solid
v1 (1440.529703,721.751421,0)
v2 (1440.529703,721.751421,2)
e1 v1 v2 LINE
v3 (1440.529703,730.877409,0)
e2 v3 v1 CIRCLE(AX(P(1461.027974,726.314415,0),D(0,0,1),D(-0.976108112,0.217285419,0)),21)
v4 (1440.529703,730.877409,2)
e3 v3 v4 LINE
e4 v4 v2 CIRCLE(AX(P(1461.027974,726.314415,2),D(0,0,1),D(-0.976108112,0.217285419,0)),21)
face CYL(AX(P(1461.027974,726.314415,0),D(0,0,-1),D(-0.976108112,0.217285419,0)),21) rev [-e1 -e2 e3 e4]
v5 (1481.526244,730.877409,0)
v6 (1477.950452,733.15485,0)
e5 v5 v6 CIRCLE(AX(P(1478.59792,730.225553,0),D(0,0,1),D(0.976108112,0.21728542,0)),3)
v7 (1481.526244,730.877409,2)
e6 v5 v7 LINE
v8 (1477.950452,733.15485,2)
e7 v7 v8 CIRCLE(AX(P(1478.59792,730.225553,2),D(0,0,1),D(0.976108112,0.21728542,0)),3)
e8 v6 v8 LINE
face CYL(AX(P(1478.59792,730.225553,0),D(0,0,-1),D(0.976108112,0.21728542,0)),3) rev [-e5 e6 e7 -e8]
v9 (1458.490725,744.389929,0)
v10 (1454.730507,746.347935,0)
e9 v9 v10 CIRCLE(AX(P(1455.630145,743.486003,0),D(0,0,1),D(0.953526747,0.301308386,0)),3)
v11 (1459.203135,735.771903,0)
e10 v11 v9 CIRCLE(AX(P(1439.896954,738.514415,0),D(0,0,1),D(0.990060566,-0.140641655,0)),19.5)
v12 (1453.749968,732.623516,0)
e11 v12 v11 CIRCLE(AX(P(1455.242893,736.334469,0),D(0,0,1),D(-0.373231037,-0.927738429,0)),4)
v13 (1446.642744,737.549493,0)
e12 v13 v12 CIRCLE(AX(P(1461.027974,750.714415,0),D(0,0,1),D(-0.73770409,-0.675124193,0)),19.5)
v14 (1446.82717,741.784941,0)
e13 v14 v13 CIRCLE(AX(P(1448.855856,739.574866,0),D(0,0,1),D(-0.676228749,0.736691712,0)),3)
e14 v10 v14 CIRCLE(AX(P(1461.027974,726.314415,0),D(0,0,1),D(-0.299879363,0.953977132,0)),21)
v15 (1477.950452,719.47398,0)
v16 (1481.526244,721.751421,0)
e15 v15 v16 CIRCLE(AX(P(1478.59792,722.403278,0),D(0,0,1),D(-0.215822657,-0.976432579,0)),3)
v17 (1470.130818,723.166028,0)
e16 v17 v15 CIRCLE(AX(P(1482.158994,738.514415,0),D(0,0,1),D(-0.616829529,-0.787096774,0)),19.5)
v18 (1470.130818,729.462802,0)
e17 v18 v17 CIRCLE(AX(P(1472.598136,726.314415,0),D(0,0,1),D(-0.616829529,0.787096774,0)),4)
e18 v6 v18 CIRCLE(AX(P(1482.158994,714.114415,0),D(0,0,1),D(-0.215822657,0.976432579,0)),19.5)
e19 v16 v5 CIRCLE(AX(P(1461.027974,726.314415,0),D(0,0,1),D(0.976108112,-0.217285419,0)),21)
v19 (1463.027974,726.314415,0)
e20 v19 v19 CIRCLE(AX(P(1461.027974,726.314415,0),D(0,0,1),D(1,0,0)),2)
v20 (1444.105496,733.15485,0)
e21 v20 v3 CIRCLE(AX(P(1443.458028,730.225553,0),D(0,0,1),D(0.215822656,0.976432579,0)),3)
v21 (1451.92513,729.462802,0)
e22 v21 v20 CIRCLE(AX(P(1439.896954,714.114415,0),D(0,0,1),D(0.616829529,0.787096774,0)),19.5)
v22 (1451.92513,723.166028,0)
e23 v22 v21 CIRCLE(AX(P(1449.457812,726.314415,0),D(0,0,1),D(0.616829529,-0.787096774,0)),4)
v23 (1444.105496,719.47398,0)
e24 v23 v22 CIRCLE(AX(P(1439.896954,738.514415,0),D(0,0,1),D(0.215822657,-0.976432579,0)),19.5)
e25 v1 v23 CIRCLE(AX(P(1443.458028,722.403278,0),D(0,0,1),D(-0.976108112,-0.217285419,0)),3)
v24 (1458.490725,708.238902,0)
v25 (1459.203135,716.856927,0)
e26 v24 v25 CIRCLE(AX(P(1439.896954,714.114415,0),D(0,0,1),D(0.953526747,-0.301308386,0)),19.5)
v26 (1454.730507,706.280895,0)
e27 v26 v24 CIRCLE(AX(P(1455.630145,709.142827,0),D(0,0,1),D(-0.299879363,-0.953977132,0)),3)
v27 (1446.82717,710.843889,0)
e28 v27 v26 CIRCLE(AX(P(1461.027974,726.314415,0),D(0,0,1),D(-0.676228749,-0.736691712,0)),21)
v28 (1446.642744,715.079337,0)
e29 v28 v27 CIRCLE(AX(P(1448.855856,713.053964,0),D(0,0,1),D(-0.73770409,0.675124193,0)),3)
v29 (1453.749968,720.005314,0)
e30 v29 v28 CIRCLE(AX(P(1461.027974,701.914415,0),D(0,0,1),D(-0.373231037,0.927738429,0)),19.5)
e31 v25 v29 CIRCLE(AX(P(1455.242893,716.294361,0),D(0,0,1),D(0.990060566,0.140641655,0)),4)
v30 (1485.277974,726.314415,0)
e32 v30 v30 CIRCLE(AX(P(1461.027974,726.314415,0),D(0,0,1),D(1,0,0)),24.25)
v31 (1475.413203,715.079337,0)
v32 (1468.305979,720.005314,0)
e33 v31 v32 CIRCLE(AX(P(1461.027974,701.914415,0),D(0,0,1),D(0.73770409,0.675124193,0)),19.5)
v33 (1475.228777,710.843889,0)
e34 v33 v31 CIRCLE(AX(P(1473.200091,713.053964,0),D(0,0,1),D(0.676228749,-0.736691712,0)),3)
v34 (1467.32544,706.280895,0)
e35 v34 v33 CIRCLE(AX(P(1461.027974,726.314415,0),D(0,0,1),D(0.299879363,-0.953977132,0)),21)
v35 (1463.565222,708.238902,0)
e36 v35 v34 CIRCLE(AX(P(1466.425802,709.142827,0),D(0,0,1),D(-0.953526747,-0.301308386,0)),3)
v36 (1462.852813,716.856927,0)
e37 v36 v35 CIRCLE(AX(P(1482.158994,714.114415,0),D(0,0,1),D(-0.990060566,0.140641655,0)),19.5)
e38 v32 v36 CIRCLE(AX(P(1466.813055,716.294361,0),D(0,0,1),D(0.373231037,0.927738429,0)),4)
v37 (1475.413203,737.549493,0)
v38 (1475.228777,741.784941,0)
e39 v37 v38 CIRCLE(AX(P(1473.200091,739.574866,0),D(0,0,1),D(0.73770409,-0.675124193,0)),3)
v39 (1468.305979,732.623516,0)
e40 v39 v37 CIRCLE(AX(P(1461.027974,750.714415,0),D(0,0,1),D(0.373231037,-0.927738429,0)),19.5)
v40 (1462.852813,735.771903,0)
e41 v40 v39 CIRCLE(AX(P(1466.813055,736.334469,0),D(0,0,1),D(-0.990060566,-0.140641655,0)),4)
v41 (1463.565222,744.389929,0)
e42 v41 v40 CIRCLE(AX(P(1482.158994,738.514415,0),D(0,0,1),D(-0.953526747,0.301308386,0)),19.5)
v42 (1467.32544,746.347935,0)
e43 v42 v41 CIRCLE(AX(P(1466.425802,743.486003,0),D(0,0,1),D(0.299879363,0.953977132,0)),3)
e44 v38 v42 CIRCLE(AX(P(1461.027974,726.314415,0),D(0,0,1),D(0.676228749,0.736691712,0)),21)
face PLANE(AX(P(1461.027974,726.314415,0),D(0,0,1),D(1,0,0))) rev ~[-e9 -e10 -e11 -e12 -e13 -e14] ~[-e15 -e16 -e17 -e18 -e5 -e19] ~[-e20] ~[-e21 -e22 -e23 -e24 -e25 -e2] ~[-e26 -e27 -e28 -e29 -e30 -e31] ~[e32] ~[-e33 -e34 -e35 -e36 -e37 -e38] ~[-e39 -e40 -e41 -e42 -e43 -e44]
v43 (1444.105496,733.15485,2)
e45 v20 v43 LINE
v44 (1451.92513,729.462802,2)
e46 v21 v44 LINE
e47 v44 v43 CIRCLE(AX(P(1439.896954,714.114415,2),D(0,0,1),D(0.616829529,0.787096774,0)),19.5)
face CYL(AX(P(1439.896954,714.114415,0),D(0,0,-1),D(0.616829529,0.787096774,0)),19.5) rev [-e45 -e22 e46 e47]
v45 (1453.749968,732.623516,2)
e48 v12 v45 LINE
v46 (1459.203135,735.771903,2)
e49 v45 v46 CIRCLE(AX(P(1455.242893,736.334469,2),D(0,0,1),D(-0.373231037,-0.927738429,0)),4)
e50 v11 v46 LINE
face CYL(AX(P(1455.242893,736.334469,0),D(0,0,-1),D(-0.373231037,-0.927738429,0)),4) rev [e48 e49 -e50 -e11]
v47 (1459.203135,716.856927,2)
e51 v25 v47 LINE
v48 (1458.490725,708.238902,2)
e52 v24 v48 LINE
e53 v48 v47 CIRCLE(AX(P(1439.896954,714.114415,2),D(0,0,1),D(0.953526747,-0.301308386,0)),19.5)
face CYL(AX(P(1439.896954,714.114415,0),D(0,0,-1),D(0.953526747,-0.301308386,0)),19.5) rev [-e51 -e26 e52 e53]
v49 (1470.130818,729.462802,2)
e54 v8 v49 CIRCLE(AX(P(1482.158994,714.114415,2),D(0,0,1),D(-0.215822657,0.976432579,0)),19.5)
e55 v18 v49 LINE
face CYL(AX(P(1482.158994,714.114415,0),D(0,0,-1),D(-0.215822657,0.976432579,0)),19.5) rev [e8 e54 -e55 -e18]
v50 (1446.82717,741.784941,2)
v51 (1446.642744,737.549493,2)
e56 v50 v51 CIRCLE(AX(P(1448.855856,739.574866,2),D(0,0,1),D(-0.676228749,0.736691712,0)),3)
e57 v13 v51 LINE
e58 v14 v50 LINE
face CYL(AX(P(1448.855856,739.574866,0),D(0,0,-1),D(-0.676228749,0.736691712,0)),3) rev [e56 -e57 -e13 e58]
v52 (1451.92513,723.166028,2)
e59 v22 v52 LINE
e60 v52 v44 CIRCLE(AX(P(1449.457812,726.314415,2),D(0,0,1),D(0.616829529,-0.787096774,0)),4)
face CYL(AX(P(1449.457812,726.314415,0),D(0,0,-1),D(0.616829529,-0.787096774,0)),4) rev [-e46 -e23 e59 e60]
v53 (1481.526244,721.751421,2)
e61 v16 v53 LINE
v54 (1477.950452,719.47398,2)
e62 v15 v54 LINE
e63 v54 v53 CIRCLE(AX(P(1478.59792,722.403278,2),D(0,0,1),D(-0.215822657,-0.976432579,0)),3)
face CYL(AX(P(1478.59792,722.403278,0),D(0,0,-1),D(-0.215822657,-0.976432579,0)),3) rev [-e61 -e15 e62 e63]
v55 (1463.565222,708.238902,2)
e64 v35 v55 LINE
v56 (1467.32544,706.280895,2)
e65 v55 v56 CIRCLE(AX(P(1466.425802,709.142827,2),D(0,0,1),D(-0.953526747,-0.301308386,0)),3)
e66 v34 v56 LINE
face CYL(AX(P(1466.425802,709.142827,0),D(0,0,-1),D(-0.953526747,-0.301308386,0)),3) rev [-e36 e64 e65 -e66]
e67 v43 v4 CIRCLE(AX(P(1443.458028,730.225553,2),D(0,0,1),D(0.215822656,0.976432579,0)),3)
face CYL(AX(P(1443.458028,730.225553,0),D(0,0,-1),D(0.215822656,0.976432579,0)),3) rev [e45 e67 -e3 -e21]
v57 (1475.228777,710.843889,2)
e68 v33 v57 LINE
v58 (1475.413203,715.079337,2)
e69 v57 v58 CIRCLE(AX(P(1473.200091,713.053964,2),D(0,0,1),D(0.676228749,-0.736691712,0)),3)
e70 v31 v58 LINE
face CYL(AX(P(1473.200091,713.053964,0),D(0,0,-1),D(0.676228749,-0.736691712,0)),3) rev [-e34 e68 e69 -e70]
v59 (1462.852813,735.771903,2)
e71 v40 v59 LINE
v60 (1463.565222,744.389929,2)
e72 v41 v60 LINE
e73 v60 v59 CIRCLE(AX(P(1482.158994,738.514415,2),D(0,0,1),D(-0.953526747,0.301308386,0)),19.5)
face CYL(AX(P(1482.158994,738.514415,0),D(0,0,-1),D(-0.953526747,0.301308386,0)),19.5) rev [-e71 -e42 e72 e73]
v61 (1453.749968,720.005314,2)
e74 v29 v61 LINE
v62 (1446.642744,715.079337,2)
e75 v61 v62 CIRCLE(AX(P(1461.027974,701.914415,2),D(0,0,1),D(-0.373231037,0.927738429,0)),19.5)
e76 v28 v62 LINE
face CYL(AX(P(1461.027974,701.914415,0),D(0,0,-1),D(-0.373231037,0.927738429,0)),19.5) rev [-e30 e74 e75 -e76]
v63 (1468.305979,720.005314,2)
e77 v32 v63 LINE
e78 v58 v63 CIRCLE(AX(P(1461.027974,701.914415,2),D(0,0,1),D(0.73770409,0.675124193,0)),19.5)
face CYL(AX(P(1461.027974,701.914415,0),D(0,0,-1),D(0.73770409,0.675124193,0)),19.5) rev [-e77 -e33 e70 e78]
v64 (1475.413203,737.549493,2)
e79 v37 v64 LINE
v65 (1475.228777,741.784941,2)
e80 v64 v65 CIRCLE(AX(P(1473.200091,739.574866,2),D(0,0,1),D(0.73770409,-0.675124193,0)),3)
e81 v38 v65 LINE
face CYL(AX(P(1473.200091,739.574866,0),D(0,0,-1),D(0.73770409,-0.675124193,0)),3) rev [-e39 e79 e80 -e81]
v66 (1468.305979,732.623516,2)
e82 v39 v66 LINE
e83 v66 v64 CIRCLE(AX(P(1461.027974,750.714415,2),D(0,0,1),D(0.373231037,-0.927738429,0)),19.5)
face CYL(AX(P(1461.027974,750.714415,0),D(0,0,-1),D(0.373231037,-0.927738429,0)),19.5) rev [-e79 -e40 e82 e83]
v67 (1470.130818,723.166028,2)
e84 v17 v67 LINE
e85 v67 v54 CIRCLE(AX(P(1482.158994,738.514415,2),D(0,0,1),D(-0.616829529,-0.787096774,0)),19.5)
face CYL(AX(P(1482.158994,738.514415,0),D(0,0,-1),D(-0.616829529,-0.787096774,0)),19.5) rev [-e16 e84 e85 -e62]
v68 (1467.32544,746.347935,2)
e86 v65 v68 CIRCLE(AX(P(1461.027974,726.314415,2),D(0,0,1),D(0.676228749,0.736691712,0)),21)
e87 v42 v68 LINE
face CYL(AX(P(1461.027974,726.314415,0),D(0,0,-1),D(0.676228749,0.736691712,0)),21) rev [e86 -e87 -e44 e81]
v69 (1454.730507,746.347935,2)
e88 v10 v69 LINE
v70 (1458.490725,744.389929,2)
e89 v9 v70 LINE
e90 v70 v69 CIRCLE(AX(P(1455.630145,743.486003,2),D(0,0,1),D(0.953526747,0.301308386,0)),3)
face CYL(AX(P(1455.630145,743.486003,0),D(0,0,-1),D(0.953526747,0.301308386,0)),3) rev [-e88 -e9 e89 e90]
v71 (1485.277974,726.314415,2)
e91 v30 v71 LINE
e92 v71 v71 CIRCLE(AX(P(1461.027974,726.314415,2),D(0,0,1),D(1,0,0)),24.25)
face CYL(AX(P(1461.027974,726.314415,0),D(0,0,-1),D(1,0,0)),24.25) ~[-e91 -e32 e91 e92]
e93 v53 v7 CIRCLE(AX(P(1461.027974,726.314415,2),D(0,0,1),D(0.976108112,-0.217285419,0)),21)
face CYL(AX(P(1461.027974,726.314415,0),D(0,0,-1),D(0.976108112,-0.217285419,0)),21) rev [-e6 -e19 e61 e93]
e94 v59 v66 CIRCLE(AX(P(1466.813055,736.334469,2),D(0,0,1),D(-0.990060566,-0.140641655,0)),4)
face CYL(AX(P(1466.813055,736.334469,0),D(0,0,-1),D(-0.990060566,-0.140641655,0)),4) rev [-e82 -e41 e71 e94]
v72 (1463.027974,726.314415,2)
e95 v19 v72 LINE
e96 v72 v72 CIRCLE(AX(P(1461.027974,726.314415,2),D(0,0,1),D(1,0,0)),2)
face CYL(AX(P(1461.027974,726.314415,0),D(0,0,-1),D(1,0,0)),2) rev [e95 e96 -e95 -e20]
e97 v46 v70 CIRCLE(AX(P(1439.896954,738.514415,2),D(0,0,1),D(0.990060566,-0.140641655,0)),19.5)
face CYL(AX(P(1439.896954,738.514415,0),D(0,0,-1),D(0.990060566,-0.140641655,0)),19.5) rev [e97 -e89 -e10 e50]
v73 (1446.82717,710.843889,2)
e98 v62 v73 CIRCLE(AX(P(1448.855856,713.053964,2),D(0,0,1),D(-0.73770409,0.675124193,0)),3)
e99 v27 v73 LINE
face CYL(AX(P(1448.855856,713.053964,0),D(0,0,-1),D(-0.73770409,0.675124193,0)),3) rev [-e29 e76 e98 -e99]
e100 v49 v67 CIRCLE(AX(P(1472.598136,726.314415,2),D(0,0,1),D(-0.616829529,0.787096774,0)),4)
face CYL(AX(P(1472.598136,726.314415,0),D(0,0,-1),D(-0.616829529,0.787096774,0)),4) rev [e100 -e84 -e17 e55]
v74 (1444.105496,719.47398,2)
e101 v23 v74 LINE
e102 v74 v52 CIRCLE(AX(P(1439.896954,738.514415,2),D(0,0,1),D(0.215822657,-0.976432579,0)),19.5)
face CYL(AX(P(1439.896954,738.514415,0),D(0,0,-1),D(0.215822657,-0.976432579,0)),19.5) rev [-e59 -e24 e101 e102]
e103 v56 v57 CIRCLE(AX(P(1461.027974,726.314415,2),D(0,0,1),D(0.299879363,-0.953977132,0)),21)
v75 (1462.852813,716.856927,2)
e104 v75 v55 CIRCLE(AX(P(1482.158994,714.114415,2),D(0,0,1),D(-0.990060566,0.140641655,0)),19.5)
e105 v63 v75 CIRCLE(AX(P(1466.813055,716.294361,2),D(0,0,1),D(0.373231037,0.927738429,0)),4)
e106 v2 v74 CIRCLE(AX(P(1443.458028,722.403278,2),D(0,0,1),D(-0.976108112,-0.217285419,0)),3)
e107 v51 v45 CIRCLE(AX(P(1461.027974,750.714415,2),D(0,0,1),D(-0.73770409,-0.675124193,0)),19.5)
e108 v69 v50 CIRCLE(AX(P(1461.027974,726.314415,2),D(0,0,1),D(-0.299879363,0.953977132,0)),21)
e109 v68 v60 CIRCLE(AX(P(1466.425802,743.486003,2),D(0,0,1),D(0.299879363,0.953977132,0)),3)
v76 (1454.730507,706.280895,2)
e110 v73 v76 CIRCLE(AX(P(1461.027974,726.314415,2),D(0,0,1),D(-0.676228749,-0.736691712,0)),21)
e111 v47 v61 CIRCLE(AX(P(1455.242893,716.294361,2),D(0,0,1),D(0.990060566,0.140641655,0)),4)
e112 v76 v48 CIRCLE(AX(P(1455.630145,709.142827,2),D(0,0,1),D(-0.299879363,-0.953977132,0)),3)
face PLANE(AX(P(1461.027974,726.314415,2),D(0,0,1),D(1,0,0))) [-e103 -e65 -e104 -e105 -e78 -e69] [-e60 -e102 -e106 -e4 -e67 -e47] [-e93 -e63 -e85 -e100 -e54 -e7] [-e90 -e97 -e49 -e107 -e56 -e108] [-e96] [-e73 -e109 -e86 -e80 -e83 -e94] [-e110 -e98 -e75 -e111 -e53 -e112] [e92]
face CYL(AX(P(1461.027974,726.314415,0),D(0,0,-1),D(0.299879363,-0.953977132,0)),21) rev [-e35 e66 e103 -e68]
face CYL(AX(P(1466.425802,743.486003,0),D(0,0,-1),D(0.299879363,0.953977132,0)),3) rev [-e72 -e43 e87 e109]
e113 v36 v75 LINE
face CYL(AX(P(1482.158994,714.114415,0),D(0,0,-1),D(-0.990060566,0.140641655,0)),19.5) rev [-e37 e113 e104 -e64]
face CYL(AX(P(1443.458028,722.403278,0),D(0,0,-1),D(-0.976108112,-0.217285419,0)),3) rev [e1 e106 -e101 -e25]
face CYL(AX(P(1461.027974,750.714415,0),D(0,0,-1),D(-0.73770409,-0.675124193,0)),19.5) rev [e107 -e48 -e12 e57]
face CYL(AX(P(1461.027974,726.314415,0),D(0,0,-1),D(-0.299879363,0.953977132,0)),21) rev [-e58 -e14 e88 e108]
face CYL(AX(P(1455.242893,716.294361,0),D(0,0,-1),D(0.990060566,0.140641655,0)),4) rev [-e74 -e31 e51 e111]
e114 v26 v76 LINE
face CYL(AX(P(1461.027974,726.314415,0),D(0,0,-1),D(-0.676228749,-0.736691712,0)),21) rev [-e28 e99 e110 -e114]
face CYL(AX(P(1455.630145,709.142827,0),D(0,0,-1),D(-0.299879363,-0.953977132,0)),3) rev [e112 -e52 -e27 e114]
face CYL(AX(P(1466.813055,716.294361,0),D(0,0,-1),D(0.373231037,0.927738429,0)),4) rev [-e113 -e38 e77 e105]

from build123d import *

# Parameters (mm, degrees)
MODEL_R         = 24.25
MODEL_R_2       = 2
EXTRUDE_1_DEPTH = 2


with BuildPart() as part:
    # Model → 凸台-拉伸1 (new body)
    with BuildSketch(Plane.XY):
        with Locations((1461.027973693, 726.314415121)):
            Circle(MODEL_R)
        with Locations((1461.027973693, 726.314415121)):
            Circle(MODEL_R_2, mode=Mode.SUBTRACT)
        with BuildLine():
            ThreePointArc((1454.730507071, 746.347934885), (1450.527973693, 744.5009486), (1446.827169961, 741.784941077))
            ThreePointArc((1446.827169961, 741.784941077), (1445.858696219, 739.705372638), (1446.642743938, 737.549493362))
            ThreePointArc((1446.642743938, 737.549493362), (1449.919857233, 734.687570493), (1453.749968469, 732.623515752))
            ThreePointArc((1453.749968469, 732.623515752), (1457.242892618, 732.870367853), (1459.203134883, 735.771902849))
            ThreePointArc((1459.203134883, 735.771902849), (1459.33066666, 740.120903849), (1458.490725399, 744.389928648))
            ThreePointArc((1458.490725399, 744.389928648), (1457.015703038, 746.146873529), (1454.730507071, 746.347934885))
        make_face(mode=Mode.SUBTRACT)
        with BuildLine():
            ThreePointArc((1440.529703339, 730.877408929), (1440.027973693, 726.314415121), (1440.529703339, 721.751421313))
            ThreePointArc((1440.529703339, 721.751421313), (1441.846425564, 719.87291423), (1444.105495645, 719.473979835))
            ThreePointArc((1444.105495645, 719.473979835), (1448.222550201, 720.881081765), (1451.925129659, 723.166028024))
            ThreePointArc((1451.925129659, 723.166028024), (1453.457811542, 726.314415121), (1451.925129659, 729.462802217))
            ThreePointArc((1451.925129659, 729.462802217), (1448.222550201, 731.747748477), (1444.105495645, 733.154850407))
            ThreePointArc((1444.105495645, 733.154850407), (1441.846425564, 732.755916011), (1440.529703339, 730.877408929))
        make_face(mode=Mode.SUBTRACT)
        with BuildLine():
            ThreePointArc((1446.827169961, 710.843889164), (1450.527973693, 708.127881641), (1454.730507071, 706.280895356))
            ThreePointArc((1454.730507071, 706.280895356), (1457.015703038, 706.481956712), (1458.490725399, 708.238901593))
            ThreePointArc((1458.490725399, 708.238901593), (1459.33066666, 712.507926392), (1459.203134883, 716.856927392))
            ThreePointArc((1459.203134883, 716.856927392), (1457.242892618, 719.758462388), (1453.749968469, 720.005314489))
            ThreePointArc((1453.749968469, 720.005314489), (1449.919857233, 717.941259748), (1446.642743938, 715.079336879))
            ThreePointArc((1446.642743938, 715.079336879), (1445.858696219, 712.923457603), (1446.827169961, 710.843889164))
        make_face(mode=Mode.SUBTRACT)
        with BuildLine():
            ThreePointArc((1467.325440315, 706.280895356), (1471.527973693, 708.127881641), (1475.228777425, 710.843889164))
            ThreePointArc((1475.228777425, 710.843889164), (1476.197251167, 712.923457603), (1475.413203447, 715.079336879))
            ThreePointArc((1475.413203447, 715.079336879), (1472.136090152, 717.941259748), (1468.305978916, 720.005314489))
            ThreePointArc((1468.305978916, 720.005314489), (1464.813054768, 719.758462388), (1462.852812503, 716.856927392))
            ThreePointArc((1462.852812503, 716.856927392), (1462.725280725, 712.507926392), (1463.565221986, 708.238901593))
            ThreePointArc((1463.565221986, 708.238901593), (1465.040244347, 706.481956712), (1467.325440315, 706.280895356))
        make_face(mode=Mode.SUBTRACT)
        with BuildLine():
            ThreePointArc((1481.526244047, 721.751421313), (1482.027973693, 726.314415121), (1481.526244047, 730.877408929))
            ThreePointArc((1481.526244047, 730.877408929), (1480.209521821, 732.755916011), (1477.950451741, 733.154850407))
            ThreePointArc((1477.950451741, 733.154850407), (1473.833397185, 731.747748477), (1470.130817726, 729.462802217))
            ThreePointArc((1470.130817726, 729.462802217), (1468.598135843, 726.314415121), (1470.130817726, 723.166028024))
            ThreePointArc((1470.130817726, 723.166028024), (1473.833397185, 720.881081765), (1477.950451741, 719.473979835))
            ThreePointArc((1477.950451741, 719.473979835), (1480.209521821, 719.87291423), (1481.526244047, 721.751421313))
        make_face(mode=Mode.SUBTRACT)
        with BuildLine():
            ThreePointArc((1475.228777425, 741.784941077), (1471.527973693, 744.5009486), (1467.325440315, 746.347934885))
            ThreePointArc((1467.325440315, 746.347934885), (1465.040244347, 746.146873529), (1463.565221986, 744.389928648))
            ThreePointArc((1463.565221986, 744.389928648), (1462.725280725, 740.120903849), (1462.852812503, 735.771902849))
            ThreePointArc((1462.852812503, 735.771902849), (1464.813054768, 732.870367853), (1468.305978916, 732.623515752))
            ThreePointArc((1468.305978916, 732.623515752), (1472.136090152, 734.687570493), (1475.413203447, 737.549493362))
            ThreePointArc((1475.413203447, 737.549493362), (1476.197251167, 739.705372638), (1475.228777425, 741.784941077))
        make_face(mode=Mode.SUBTRACT)
    extrude(amount=EXTRUDE_1_DEPTH)


solid = part.part
